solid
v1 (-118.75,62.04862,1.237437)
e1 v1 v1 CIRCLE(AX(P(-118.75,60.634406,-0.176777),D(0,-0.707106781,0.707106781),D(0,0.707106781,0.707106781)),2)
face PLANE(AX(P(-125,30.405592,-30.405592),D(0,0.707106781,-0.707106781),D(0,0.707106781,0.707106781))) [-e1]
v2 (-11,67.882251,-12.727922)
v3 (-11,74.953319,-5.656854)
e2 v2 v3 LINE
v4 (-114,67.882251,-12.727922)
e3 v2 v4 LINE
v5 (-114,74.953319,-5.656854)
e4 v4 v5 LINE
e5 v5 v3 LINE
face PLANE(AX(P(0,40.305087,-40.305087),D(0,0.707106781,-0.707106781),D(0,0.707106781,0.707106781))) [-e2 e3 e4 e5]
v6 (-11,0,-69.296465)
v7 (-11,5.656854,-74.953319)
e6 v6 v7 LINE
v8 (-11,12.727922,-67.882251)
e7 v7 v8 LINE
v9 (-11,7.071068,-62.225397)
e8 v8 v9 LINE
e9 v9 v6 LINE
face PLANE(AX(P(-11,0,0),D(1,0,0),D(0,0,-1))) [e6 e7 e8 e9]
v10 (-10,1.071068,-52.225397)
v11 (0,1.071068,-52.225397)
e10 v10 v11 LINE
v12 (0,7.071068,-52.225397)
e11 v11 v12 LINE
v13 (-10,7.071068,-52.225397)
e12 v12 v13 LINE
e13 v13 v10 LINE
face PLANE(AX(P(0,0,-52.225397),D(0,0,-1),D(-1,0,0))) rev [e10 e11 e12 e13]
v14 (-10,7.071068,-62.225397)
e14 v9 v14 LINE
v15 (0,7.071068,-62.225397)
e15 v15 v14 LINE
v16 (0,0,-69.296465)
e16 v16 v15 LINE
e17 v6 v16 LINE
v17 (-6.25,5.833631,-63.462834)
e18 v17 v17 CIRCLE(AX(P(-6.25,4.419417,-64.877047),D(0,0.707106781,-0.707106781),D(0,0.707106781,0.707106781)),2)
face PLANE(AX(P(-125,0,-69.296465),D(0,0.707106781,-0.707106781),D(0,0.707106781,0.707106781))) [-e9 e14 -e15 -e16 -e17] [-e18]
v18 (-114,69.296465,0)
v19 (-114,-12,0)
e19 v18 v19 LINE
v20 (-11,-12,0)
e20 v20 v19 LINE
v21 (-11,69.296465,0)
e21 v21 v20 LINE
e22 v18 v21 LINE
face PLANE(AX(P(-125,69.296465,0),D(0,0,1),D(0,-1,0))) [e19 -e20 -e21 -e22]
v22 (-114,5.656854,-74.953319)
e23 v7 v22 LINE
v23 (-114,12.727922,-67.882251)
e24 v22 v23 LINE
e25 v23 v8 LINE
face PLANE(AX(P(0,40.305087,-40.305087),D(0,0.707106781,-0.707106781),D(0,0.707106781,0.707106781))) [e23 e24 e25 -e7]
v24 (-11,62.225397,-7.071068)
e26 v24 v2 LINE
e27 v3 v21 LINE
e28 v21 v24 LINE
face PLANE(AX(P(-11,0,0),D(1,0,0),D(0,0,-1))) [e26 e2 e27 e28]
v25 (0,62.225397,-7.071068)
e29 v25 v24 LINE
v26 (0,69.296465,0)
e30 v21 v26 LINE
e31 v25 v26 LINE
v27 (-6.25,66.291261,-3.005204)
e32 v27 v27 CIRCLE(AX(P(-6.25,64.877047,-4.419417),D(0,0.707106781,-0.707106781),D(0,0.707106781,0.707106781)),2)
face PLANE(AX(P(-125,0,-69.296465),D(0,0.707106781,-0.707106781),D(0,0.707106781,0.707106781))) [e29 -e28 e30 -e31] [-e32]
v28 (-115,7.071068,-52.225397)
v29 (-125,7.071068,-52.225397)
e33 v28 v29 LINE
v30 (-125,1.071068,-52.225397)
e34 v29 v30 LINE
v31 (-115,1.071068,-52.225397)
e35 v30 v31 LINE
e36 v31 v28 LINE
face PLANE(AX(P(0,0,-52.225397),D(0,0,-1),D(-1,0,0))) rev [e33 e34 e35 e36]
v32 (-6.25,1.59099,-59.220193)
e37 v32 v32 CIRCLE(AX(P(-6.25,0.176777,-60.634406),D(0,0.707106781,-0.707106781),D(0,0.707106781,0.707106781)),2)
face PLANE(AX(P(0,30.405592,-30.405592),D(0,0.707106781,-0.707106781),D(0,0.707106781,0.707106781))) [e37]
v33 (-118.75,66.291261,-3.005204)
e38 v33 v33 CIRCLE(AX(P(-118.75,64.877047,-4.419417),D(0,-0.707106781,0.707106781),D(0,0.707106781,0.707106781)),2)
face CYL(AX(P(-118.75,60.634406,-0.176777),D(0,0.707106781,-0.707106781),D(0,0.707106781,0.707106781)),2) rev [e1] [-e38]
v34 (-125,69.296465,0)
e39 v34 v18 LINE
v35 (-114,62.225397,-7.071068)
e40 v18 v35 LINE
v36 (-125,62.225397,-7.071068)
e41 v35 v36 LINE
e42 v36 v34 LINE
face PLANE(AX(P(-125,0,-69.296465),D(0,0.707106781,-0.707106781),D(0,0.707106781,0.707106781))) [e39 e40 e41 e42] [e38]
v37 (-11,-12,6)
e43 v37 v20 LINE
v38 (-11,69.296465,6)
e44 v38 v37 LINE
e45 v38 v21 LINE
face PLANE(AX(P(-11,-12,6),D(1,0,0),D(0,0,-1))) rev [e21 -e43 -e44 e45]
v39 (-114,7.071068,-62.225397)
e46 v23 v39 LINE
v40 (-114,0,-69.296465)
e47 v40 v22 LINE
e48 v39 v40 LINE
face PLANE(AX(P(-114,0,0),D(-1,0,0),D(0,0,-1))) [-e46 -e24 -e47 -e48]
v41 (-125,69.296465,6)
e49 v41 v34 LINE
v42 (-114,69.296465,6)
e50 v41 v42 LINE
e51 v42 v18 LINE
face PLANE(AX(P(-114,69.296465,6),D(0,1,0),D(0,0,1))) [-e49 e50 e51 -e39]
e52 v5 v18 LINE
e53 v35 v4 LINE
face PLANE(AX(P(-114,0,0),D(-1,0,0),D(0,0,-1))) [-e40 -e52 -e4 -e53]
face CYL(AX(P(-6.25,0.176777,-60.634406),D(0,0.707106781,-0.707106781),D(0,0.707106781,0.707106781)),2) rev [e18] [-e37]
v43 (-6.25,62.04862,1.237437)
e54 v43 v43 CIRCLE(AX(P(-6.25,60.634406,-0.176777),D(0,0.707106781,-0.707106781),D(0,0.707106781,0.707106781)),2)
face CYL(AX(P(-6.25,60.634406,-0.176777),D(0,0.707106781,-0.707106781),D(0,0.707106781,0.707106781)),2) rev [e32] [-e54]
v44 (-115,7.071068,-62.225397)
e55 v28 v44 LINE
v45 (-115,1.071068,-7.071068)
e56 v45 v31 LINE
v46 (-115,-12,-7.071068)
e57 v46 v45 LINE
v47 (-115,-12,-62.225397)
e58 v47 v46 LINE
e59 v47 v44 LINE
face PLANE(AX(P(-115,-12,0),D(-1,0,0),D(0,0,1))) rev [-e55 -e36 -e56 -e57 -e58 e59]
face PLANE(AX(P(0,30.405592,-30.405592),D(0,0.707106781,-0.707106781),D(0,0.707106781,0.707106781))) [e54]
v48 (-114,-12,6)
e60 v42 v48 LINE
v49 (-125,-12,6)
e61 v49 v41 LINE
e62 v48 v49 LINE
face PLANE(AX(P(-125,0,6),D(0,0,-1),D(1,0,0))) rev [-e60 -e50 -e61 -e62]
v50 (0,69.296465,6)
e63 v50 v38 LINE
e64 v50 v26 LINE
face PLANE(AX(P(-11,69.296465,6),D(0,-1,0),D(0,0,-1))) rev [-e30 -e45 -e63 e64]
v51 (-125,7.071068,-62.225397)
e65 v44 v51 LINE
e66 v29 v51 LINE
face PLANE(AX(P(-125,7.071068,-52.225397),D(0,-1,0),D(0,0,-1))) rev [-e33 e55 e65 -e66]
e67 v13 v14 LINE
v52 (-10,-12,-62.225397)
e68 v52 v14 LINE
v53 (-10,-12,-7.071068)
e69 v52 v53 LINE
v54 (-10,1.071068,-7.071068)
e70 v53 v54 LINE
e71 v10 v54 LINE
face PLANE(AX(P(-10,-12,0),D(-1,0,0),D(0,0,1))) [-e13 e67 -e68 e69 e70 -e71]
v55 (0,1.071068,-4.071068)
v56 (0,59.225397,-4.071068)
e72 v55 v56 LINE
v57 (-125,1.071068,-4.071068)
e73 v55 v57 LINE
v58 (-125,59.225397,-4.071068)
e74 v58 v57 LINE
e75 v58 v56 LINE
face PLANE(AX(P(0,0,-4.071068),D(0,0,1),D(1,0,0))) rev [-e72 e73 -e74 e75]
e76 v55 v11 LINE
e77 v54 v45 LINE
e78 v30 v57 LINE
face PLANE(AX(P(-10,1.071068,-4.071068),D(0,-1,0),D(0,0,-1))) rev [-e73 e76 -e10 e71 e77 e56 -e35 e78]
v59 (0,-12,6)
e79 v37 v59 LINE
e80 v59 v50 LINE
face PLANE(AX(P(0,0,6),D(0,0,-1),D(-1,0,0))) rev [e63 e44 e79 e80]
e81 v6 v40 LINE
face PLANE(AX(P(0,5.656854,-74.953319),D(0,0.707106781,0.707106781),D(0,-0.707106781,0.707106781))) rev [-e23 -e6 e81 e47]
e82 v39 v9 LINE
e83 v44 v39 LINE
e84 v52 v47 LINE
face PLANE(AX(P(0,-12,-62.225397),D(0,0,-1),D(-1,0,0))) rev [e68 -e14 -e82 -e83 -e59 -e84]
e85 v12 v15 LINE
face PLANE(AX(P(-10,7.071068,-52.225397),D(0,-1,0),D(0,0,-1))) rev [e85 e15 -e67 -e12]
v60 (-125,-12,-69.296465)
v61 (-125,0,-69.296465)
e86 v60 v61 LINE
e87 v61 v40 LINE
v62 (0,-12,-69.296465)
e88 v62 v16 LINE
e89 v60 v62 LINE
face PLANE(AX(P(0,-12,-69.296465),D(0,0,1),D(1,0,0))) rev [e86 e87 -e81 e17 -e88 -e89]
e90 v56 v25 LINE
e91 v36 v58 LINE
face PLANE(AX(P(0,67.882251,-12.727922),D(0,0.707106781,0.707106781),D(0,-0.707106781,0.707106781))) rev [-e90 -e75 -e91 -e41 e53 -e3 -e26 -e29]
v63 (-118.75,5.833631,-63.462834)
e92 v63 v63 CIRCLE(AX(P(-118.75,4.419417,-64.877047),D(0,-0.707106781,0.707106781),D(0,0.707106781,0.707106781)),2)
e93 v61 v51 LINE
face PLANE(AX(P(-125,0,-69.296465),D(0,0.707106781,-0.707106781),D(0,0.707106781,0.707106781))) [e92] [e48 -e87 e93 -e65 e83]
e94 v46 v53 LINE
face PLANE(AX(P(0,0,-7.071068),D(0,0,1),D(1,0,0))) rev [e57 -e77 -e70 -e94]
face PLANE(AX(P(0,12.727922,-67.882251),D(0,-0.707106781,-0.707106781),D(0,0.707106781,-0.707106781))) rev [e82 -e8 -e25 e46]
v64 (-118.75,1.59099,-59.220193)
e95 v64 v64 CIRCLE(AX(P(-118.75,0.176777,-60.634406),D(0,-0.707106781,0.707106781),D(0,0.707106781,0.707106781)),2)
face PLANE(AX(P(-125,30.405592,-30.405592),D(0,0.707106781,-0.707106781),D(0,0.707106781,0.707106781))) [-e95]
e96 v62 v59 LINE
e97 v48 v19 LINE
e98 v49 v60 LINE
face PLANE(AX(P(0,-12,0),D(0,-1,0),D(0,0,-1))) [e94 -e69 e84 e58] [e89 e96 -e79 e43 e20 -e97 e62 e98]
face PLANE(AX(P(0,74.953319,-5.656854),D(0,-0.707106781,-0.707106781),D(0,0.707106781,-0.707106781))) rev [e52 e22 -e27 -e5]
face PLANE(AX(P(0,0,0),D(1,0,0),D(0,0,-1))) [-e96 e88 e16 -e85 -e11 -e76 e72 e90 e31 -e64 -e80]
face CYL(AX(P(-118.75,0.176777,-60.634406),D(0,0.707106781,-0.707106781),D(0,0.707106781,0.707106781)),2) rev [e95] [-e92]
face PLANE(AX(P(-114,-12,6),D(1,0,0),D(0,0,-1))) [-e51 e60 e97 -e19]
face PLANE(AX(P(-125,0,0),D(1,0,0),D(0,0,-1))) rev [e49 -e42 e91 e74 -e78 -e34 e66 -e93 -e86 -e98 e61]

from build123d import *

# Parameters (mm, degrees)
BOSS_EXTRUDE3_DEPTH  = 125
SKETCH3_W            = 125
SKETCH3_H            = 69.296464556
BOSS_EXTRUDE5_DEPTH  = 12
CUT_EXTRUDE1_DEPTH   = 159.836393815
SKETCH7_W            = 105
SKETCH7_H            = 10
BOSS_EXTRUDE6_DEPTH  = 8
SKETCH8_W            = 105
SKETCH8_H            = 10
BOSS_EXTRUDE7_DEPTH  = 8
SKETCH9_W            = 105
SKETCH9_H            = 55.154328932
CUT_EXTRUDE2_DEPTH   = 161.78246173
SKETCH11_W           = 10
SKETCH11_H           = 55.154328932
CUT_EXTRUDE3_DEPTH   = 6
SKETCH12_W           = 10
SKETCH12_H           = 55.154328932
CUT_EXTRUDE4_DEPTH   = 6
SKETCH13_W           = 105
SKETCH13_H           = 61.154328932
CUT_EXTRUDE6_DEPTH   = 3
SKETCH14_R           = 1.9
CUT_EXTRUDE8_DEPTH   = 6
SKETCH15_R           = 1.9
CUT_EXTRUDE9_DEPTH   = 6
BOSS_EXTRUDE9_REACH  = 158.4
SKETCH25_W           = 10
SKETCH25_H           = 6
BOSS_EXTRUDE13_DEPTH = 10
CUT_EXTRUDE10_DEPTH  = 1
CUT_EXTRUDE11_DEPTH  = 1
SKETCH29_W           = 11
SKETCH29_H           = 81.296464556
BOSS_EXTRUDE15_DEPTH = 6
SKETCH31_R           = 2
CUT_EXTRUDE16_DEPTH  = 6
SKETCH32_R           = 2
CUT_EXTRUDE17_DEPTH  = 6
CUT_EXTRUDE22_DEPTH  = 157.400127877
CUT_EXTRUDE23_DEPTH  = 157.400127877


with BuildPart() as part:
    # Sketch1 → Boss-Extrude3 (new body)
    with BuildSketch(Plane(origin=(0, 0, 0), x_dir=(0, 0, -1), z_dir=(1, 0, 0))):
        Polygon((0, 0), (69.296464556, 0), (0, 69.296464556), align=None)
    extrude(amount=-BOSS_EXTRUDE3_DEPTH)

    # Sketch3 → Boss-Extrude5 (add)
    with BuildSketch(Plane.XZ):
        with Locations((-62.5, -34.648232278)):
            Rectangle(SKETCH3_W, SKETCH3_H)
    extrude(amount=BOSS_EXTRUDE5_DEPTH)

    # Sketch6 → Cut-Extrude1 (cut, through all)
    with BuildSketch(Plane.ZY.offset(125)):
        Polygon((-7.071067812, 62.225396744), (-62.225396744, 7.071067812), (-7.071067812, 7.071067812), align=None)
    extrude(amount=-CUT_EXTRUDE1_DEPTH, mode=Mode.SUBTRACT)

    # Sketch7 → Boss-Extrude6 (add)
    with BuildSketch(Plane(origin=(0, 34.648232278, -34.648232278), x_dir=(1, 0, 0), z_dir=(0, 0.7071067811865515, -0.7071067811865436))):
        with Locations((-62.5, 44)):
            Rectangle(SKETCH7_W, SKETCH7_H)
    extrude(amount=BOSS_EXTRUDE6_DEPTH)

    # Sketch8 → Boss-Extrude7 (add)
    with BuildSketch(Plane(origin=(0, 34.648232278, -34.648232278), x_dir=(1, 0, 0), z_dir=(0, 0.7071067811865515, -0.7071067811865436))):
        with Locations((-62.5, -44)):
            Rectangle(SKETCH8_W, SKETCH8_H)
    extrude(amount=BOSS_EXTRUDE7_DEPTH)

    # Sketch9 → Cut-Extrude2 (cut, through all)
    with BuildSketch(Plane(origin=(0, 7.071067812, 0), x_dir=(1, 0, 0), z_dir=(0, 1, 0))):
        with Locations((-62.5, 34.648232278)):
            Rectangle(SKETCH9_W, SKETCH9_H)
    extrude(amount=-CUT_EXTRUDE2_DEPTH, mode=Mode.SUBTRACT)

    # Sketch11 → Cut-Extrude3 (cut)
    with BuildSketch(Plane(origin=(0, 7.071067812, 0), x_dir=(1, 0, 0), z_dir=(0, 1, 0))):
        with Locations((-5, 34.648232278)):
            Rectangle(SKETCH11_W, SKETCH11_H)
    extrude(amount=-CUT_EXTRUDE3_DEPTH, mode=Mode.SUBTRACT)

    # Sketch12 → Cut-Extrude4 (cut)
    with BuildSketch(Plane(origin=(0, 7.071067812, 0), x_dir=(1, 0, 0), z_dir=(0, 1, 0))):
        with Locations((-120, 34.648232278)):
            Rectangle(SKETCH12_W, SKETCH12_H)
    extrude(amount=-CUT_EXTRUDE4_DEPTH, mode=Mode.SUBTRACT)

    # Sketch13 → Cut-Extrude6 (cut)
    with BuildSketch(Plane(origin=(0, 0, -7.071067812), x_dir=(-1, 0, 0), z_dir=(0, 0, -1))):
        with Locations((62.5, 31.648232278)):
            Rectangle(SKETCH13_W, SKETCH13_H)
    extrude(amount=-CUT_EXTRUDE6_DEPTH, mode=Mode.SUBTRACT)

    # Sketch14 → Cut-Extrude8 (cut)
    with BuildSketch(Plane(origin=(0, 34.648232278, -34.648232278), x_dir=(1, 0, 0), z_dir=(0, 0.7071067811865515, -0.7071067811865436))):
        with Locations(Location((-6.25, 42.75, 0), (0, 0, 270))):
            Circle(SKETCH14_R)
    cut_extrude8 = extrude(amount=-CUT_EXTRUDE8_DEPTH, mode=Mode.SUBTRACT)

    # Mirror1: Cut-Extrude8 across plane
    add(cut_extrude8.mirror(Plane(origin=(-62.5, 0, 0), x_dir=(0, 0, 1), z_dir=(1, 0, 0))), mode=Mode.SUBTRACT)

    # Sketch15 → Cut-Extrude9 (cut)
    with BuildSketch(Plane(origin=(0, 34.648232278, -34.648232278), x_dir=(1, 0, 0), z_dir=(0, 0.7071067811865515, -0.7071067811865436))):
        with Locations(Location((-6.25, -42.75, 0), (0, 0, 270))):
            Circle(SKETCH15_R)
    cut_extrude9 = extrude(amount=-CUT_EXTRUDE9_DEPTH, mode=Mode.SUBTRACT)

    # Mirror2: Cut-Extrude9 across plane
    add(cut_extrude9.mirror(Plane(origin=(-62.5, 0, 0), x_dir=(0, 0, 1), z_dir=(1, 0, 0))), mode=Mode.SUBTRACT)

    # Sketch22 → Boss-Extrude9 (add, up to next)
    with BuildSketch(Plane.ZY.offset(10), mode=Mode.PRIVATE) as boss_extrude9_sk1:
        Polygon((-7.071067812, 62.225396744), (-4.071067812, 59.225396744), (-4.071067812, 62.225396744), align=None)
    boss_extrude9_tool1 = extrude(boss_extrude9_sk1.sketch, amount=BOSS_EXTRUDE9_REACH, mode=Mode.PRIVATE) - part.part
    add(boss_extrude9_tool1.solids().sort_by_distance((-10, 61.225397, -5.071068))[0])

    # Sketch25 → Boss-Extrude13 (add)
    with BuildSketch(Plane.XY.offset(-62.225396744)):
        with Locations((-5, 4.071067812)):
            Rectangle(SKETCH25_W, SKETCH25_H)
        with Locations((-120, 4.071067812)):
            Rectangle(SKETCH25_W, SKETCH25_H)
    extrude(amount=BOSS_EXTRUDE13_DEPTH)

    # Sketch26 → Cut-Extrude10 (cut)
    with BuildSketch(Plane(origin=(-10, 0, 0), x_dir=(0, 0, -1), z_dir=(1, 0, 0))):
        Polygon((0, 69.296464556), (7.071067812, 62.225396744), (12.727922061, 67.882250994), (5.656854249, 74.953318806), align=None)
    cut_extrude10 = extrude(amount=-CUT_EXTRUDE10_DEPTH, mode=Mode.SUBTRACT)

    # Sketch27 → Cut-Extrude11 (cut)
    with BuildSketch(Plane(origin=(-10, 0, 0), x_dir=(0, 0, -1), z_dir=(1, 0, 0))):
        Polygon((62.225396744, 7.071067812), (69.296464556, 0), (74.953318806, 5.656854249), (67.882250994, 12.727922061), align=None)
    cut_extrude11 = extrude(amount=-CUT_EXTRUDE11_DEPTH, mode=Mode.SUBTRACT)

    # Mirror3: Cut-Extrude10, Cut-Extrude11 across plane
    add(cut_extrude10.mirror(Plane(origin=(-62.5, 0, 0), x_dir=(0, 0, 1), z_dir=(1, 0, 0))), mode=Mode.SUBTRACT)
    add(cut_extrude11.mirror(Plane(origin=(-62.5, 0, 0), x_dir=(0, 0, 1), z_dir=(1, 0, 0))), mode=Mode.SUBTRACT)

    # Sketch29 → Boss-Extrude15 (add)
    with BuildSketch(Plane.XY):
        with Locations((-5.5, 28.648232278)):
            Rectangle(SKETCH29_W, SKETCH29_H)
    boss_extrude15 = extrude(amount=BOSS_EXTRUDE15_DEPTH)

    # Mirror4: Boss-Extrude15 across plane
    add(boss_extrude15.mirror(Plane(origin=(-62.5, 0, 0), x_dir=(0, 0, 1), z_dir=(1, 0, 0))))

    # Sketch31 → Cut-Extrude16 (cut)
    with BuildSketch(Plane(origin=(0, 34.648232278, -34.648232278), x_dir=(1, 0, 0), z_dir=(0, 0.7071067811865513, -0.7071067811865438))):
        with Locations(Location((-6.25, 42.75, 0), (0, 0, 270))):
            Circle(SKETCH31_R)
    cut_extrude16 = extrude(amount=-CUT_EXTRUDE16_DEPTH, mode=Mode.SUBTRACT)

    # Sketch32 → Cut-Extrude17 (cut)
    with BuildSketch(Plane(origin=(0, 34.648232278, -34.648232278), x_dir=(1, 0, 0), z_dir=(0, 0.7071067811865513, -0.7071067811865438))):
        with Locations(Location((-6.25, -42.75, 0), (0, 0, 270))):
            Circle(SKETCH32_R)
    cut_extrude17 = extrude(amount=-CUT_EXTRUDE17_DEPTH, mode=Mode.SUBTRACT)

    # Mirror5: Cut-Extrude16, Cut-Extrude17 across plane
    add(cut_extrude16.mirror(Plane(origin=(-62.5, 0, 0), x_dir=(0, 0, 1), z_dir=(1, 0, 0))), mode=Mode.SUBTRACT)
    add(cut_extrude17.mirror(Plane(origin=(-62.5, 0, 0), x_dir=(0, 0, 1), z_dir=(1, 0, 0))), mode=Mode.SUBTRACT)

    # Sketch41 → Cut-Extrude22 (cut, through all)
    with BuildSketch(Plane.ZY.offset(10)):
        Polygon((-7.071067812, 1.071067812), (-4.071067812, 1.071067812), (-4.071067812, 59.225396744), (-7.071067812, 62.225396744), align=None)
    extrude(amount=-CUT_EXTRUDE22_DEPTH, mode=Mode.SUBTRACT)

    # Sketch42 → Cut-Extrude23 (cut, through all)
    with BuildSketch(Plane(origin=(-115, 0, 0), x_dir=(0, 0, -1), z_dir=(1, 0, 0))):
        Polygon((7.071067812, 1.071067812), (4.071067812, 1.071067812), (4.071067812, 59.225396744), (7.071067812, 62.225396744), align=None)
    extrude(amount=-CUT_EXTRUDE23_DEPTH, mode=Mode.SUBTRACT)


solid = part.part
